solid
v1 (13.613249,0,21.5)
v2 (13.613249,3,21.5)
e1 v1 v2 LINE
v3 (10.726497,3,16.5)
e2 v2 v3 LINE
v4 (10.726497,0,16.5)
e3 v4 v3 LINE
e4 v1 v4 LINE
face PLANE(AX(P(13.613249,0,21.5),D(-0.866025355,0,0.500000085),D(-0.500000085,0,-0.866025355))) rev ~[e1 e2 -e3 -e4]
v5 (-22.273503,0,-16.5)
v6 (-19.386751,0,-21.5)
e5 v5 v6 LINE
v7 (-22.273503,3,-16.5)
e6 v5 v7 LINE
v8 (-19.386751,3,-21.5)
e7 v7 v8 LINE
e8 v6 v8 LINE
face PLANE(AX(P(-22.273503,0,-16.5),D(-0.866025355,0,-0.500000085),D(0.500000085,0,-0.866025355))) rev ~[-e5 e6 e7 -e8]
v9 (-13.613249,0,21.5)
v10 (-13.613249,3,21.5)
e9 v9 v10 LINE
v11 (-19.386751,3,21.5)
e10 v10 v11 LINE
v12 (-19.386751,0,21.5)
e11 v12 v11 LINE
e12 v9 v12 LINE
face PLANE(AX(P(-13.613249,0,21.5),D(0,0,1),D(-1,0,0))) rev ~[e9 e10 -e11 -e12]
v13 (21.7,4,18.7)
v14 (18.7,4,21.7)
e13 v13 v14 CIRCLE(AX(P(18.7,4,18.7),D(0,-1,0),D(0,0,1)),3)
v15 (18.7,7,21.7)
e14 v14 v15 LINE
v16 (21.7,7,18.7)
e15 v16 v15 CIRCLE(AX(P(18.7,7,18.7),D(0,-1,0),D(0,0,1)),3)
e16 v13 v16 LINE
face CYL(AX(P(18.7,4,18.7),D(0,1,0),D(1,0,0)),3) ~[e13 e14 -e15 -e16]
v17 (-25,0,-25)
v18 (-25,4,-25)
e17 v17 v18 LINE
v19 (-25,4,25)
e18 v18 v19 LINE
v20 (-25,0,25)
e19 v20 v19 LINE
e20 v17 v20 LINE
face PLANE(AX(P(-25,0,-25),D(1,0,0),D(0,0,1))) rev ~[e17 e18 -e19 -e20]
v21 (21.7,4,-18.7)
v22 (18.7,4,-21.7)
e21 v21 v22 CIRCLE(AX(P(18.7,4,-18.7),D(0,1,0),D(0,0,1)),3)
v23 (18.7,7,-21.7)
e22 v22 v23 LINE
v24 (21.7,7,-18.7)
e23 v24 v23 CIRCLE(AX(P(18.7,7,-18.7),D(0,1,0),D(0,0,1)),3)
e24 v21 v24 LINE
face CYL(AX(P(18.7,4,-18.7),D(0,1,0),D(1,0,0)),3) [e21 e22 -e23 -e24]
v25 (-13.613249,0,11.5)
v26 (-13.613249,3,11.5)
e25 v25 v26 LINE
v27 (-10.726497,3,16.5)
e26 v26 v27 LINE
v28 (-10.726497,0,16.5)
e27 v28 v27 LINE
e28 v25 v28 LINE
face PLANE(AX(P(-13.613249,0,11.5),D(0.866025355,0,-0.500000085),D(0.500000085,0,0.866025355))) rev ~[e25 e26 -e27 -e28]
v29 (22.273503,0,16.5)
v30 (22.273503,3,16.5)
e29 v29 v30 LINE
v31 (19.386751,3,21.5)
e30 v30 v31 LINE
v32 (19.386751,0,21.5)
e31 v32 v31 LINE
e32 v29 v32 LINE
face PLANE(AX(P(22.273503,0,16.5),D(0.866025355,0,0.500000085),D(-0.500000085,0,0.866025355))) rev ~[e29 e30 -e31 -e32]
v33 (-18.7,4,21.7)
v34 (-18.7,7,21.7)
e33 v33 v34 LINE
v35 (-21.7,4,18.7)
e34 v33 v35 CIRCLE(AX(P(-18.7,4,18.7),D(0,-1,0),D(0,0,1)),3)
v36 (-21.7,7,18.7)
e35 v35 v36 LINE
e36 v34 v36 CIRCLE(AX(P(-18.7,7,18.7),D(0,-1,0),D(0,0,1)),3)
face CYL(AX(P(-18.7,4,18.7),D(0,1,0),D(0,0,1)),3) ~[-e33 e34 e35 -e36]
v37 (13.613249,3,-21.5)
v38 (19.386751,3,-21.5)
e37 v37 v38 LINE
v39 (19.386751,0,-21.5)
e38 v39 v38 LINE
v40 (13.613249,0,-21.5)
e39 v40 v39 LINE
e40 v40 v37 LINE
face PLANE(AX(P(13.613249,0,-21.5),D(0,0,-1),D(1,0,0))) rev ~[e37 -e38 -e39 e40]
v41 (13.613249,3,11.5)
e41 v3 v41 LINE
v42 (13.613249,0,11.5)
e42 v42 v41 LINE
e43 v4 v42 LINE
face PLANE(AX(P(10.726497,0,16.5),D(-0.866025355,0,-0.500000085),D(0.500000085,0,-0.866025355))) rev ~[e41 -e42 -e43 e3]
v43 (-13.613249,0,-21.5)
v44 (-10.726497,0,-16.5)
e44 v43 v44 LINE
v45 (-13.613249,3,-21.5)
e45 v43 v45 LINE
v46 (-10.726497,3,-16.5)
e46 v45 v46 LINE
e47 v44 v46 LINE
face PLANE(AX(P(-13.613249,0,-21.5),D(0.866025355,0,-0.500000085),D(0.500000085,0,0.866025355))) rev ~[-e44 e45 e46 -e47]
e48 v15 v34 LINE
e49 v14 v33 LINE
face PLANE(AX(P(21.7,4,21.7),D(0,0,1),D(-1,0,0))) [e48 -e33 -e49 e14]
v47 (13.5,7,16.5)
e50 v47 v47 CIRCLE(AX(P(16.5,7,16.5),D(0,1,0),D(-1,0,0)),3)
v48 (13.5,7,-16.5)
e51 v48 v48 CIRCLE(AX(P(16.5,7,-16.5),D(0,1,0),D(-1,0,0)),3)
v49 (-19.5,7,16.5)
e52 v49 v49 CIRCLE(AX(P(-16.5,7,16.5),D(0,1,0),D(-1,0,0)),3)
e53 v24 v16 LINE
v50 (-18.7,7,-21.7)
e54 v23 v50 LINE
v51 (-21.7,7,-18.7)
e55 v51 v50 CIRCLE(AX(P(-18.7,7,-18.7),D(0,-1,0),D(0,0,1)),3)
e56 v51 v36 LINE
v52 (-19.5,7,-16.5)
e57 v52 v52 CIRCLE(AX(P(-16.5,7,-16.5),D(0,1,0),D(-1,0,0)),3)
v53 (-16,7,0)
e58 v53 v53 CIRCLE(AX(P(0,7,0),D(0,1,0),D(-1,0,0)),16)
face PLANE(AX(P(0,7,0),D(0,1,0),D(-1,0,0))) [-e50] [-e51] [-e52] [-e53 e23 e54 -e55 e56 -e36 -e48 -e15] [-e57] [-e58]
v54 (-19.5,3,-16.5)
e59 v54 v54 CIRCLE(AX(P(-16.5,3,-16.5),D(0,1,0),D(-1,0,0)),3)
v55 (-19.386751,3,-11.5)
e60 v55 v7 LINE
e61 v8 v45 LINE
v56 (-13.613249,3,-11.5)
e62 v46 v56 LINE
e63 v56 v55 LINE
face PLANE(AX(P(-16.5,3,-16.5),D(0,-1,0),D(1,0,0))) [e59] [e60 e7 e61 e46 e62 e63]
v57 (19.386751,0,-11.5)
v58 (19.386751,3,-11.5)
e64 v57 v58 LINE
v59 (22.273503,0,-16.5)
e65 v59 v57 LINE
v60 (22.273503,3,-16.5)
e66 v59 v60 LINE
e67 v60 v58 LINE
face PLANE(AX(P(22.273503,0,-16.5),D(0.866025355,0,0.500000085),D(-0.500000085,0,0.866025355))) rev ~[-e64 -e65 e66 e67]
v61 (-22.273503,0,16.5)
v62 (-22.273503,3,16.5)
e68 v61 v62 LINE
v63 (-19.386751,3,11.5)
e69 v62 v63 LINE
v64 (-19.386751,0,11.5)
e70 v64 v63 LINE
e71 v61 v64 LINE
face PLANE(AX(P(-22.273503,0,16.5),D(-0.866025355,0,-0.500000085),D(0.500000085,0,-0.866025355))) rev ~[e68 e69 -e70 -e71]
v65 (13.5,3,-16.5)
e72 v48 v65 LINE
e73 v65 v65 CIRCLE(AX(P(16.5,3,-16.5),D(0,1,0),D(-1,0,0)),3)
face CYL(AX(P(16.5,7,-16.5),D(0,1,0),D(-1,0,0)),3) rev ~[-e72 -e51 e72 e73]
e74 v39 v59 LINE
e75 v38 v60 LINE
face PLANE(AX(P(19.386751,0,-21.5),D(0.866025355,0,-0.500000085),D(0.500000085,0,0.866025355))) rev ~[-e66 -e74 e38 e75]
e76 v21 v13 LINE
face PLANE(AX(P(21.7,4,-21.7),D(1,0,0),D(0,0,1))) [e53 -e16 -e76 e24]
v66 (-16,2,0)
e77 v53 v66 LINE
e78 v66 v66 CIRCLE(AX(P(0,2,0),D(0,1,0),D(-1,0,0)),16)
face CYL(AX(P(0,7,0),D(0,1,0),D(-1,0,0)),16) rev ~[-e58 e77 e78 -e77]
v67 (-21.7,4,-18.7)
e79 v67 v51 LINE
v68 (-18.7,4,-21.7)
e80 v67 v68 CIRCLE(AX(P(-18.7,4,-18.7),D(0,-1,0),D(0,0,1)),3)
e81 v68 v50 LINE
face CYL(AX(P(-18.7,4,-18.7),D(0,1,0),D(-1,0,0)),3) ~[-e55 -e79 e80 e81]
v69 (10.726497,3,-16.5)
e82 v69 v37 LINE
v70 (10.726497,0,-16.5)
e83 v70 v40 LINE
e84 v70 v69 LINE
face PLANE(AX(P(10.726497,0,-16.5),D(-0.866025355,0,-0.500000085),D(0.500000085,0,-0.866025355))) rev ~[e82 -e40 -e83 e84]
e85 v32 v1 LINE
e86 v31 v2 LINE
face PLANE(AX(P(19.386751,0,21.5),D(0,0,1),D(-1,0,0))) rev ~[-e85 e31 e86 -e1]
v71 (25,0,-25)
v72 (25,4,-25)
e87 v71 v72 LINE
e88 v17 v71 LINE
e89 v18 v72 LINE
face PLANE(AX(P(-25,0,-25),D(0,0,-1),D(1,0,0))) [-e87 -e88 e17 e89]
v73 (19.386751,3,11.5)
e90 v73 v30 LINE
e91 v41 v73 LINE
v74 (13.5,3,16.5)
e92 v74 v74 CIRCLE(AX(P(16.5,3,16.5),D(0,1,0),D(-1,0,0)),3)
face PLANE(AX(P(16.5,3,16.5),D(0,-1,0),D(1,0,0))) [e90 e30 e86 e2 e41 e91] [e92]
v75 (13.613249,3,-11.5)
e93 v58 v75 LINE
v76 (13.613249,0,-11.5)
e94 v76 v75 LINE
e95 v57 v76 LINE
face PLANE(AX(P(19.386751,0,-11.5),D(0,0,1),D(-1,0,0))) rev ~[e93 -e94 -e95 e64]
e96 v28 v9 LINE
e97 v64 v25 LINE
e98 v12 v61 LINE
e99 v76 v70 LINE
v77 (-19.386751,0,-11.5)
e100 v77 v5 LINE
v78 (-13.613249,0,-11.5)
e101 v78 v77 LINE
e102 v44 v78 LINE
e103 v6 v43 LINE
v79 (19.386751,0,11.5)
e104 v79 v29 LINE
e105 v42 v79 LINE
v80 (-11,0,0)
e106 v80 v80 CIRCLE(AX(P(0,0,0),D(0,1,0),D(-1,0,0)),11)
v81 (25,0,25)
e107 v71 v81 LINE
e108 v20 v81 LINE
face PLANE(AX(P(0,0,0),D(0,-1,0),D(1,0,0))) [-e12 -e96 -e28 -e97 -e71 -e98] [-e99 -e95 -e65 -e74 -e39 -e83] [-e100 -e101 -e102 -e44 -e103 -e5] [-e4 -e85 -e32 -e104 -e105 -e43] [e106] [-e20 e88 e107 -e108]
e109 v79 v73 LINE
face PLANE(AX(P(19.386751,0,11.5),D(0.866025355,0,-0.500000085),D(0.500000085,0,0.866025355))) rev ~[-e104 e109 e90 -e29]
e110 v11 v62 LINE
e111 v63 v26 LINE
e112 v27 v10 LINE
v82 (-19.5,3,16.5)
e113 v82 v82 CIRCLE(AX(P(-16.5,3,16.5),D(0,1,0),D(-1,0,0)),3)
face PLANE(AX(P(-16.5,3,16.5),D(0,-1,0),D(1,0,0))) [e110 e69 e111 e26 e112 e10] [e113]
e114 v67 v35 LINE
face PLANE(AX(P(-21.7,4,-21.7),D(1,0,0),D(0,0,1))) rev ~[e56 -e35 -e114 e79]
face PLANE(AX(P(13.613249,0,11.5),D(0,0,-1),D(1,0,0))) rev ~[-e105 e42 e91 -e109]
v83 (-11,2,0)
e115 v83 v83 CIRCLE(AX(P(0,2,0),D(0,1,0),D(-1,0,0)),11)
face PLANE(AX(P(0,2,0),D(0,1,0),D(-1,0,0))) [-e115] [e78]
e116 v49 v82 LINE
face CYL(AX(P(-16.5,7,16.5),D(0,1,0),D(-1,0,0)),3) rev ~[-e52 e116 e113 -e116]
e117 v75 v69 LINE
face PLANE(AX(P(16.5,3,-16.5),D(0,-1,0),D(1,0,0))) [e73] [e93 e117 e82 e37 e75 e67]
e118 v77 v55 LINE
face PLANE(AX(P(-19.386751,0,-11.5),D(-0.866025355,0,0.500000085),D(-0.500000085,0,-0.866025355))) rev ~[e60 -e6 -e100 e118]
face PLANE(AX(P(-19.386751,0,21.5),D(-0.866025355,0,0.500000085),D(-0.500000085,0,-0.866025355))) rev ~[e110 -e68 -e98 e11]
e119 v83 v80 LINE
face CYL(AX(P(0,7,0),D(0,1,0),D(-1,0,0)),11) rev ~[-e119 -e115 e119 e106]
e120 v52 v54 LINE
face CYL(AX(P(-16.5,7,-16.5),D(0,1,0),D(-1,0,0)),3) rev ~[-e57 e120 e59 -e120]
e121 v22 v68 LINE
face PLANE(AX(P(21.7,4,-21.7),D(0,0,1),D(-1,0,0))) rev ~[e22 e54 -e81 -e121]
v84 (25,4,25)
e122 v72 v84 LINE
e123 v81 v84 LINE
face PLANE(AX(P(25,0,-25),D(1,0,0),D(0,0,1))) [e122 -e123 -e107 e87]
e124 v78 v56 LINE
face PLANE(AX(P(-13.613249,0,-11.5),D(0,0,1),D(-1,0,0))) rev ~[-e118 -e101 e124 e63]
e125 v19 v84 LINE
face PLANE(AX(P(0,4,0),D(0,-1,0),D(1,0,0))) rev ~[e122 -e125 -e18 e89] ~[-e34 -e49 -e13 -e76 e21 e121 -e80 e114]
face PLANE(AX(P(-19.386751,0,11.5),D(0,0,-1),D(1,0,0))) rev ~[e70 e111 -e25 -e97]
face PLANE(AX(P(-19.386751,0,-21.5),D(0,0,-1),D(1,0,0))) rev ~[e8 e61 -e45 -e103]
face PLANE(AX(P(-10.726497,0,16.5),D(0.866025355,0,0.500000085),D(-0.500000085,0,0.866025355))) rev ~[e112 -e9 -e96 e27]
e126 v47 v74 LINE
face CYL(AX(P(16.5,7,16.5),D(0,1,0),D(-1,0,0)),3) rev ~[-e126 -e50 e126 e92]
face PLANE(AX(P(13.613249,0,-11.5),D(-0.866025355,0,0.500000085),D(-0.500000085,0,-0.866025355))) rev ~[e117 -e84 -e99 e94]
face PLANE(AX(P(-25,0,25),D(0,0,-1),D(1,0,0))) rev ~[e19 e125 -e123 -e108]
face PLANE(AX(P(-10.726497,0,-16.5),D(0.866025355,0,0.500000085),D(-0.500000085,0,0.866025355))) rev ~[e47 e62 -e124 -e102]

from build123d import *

# Parameters (mm, degrees)
F0_W     = 50
F0_H     = 50
F1_DEPTH = 4
F2_W     = 43.4
F2_H     = 43.4
F3_DEPTH = 3
F4_R     = 3
F4_R_2   = 11
F5_DEPTH = 25
F7_DEPTH = 3
F8_R     = 16
F9_DEPTH = 5
F10_R    = 3


with BuildPart() as f1:
    # F0 (on Front) → F1 (new body)
    with BuildSketch(Plane.XZ):
        Rectangle(F0_W, F0_H)
    extrude(amount=-F1_DEPTH)

    # F2 (on face) → F3 (join)
    with BuildSketch(Plane(origin=(0, 4, 0), x_dir=(-1, 0, 0), z_dir=(0, 1, 0))):
        Rectangle(F2_W, F2_H)
    extrude(amount=F3_DEPTH)

    # F4 (on face) → F5 (cut)
    with BuildSketch(Plane(origin=(0, 7, 0), x_dir=(-1, 0, 0), z_dir=(0, 1, 0))):
        with Locations((-16.5, 16.5)):
            Circle(F4_R)
        with Locations((16.5, 16.5)):
            Circle(F4_R)
        with Locations((16.5, -16.5)):
            Circle(F4_R)
        with Locations((-16.5, -16.5)):
            Circle(F4_R)
        Circle(F4_R_2)
    extrude(amount=-F5_DEPTH, mode=Mode.SUBTRACT)

    # F6 (on face) → F7 (cut)
    with BuildSketch(Plane.XZ):
        Polygon((-19.386751, 11.5), (-13.613249, 11.5), (-10.726497, 16.5), (-13.613249, 21.5), (-19.386751, 21.5), (-22.273503, 16.5), align=None)
        Polygon((19.386751, 21.5), (13.613249, 21.5), (10.726497, 16.5), (13.613249, 11.5), (19.386751, 11.5), (22.273503, 16.5), align=None)
        Polygon((13.613249, -21.5), (19.386751, -21.5), (22.273503, -16.5), (19.386751, -11.5), (13.613249, -11.5), (10.726497, -16.5), align=None)
        Polygon((-19.386751, -21.5), (-13.613249, -21.5), (-10.726497, -16.5), (-13.613249, -11.5), (-19.386751, -11.5), (-22.273503, -16.5), align=None)
    extrude(amount=-F7_DEPTH, mode=Mode.SUBTRACT)

    # F8 (on face) → F9 (cut)
    with BuildSketch(Plane(origin=(0, 7, 0), x_dir=(-1, 0, 0), z_dir=(0, 1, 0))):
        Circle(F8_R)
    extrude(amount=-F9_DEPTH, mode=Mode.SUBTRACT)

    # F10
    f10_edges = [f1.edges().sort_by_distance(p)[0] for p in [
        (21.7, 5.5, 21.7),
        (21.7, 5.5, -21.7),
        (-21.7, 5.5, -21.7),
        (-21.7, 5.5, 21.7),
    ]]
    fillet(f10_edges, radius=F10_R)


solid = f1.part
